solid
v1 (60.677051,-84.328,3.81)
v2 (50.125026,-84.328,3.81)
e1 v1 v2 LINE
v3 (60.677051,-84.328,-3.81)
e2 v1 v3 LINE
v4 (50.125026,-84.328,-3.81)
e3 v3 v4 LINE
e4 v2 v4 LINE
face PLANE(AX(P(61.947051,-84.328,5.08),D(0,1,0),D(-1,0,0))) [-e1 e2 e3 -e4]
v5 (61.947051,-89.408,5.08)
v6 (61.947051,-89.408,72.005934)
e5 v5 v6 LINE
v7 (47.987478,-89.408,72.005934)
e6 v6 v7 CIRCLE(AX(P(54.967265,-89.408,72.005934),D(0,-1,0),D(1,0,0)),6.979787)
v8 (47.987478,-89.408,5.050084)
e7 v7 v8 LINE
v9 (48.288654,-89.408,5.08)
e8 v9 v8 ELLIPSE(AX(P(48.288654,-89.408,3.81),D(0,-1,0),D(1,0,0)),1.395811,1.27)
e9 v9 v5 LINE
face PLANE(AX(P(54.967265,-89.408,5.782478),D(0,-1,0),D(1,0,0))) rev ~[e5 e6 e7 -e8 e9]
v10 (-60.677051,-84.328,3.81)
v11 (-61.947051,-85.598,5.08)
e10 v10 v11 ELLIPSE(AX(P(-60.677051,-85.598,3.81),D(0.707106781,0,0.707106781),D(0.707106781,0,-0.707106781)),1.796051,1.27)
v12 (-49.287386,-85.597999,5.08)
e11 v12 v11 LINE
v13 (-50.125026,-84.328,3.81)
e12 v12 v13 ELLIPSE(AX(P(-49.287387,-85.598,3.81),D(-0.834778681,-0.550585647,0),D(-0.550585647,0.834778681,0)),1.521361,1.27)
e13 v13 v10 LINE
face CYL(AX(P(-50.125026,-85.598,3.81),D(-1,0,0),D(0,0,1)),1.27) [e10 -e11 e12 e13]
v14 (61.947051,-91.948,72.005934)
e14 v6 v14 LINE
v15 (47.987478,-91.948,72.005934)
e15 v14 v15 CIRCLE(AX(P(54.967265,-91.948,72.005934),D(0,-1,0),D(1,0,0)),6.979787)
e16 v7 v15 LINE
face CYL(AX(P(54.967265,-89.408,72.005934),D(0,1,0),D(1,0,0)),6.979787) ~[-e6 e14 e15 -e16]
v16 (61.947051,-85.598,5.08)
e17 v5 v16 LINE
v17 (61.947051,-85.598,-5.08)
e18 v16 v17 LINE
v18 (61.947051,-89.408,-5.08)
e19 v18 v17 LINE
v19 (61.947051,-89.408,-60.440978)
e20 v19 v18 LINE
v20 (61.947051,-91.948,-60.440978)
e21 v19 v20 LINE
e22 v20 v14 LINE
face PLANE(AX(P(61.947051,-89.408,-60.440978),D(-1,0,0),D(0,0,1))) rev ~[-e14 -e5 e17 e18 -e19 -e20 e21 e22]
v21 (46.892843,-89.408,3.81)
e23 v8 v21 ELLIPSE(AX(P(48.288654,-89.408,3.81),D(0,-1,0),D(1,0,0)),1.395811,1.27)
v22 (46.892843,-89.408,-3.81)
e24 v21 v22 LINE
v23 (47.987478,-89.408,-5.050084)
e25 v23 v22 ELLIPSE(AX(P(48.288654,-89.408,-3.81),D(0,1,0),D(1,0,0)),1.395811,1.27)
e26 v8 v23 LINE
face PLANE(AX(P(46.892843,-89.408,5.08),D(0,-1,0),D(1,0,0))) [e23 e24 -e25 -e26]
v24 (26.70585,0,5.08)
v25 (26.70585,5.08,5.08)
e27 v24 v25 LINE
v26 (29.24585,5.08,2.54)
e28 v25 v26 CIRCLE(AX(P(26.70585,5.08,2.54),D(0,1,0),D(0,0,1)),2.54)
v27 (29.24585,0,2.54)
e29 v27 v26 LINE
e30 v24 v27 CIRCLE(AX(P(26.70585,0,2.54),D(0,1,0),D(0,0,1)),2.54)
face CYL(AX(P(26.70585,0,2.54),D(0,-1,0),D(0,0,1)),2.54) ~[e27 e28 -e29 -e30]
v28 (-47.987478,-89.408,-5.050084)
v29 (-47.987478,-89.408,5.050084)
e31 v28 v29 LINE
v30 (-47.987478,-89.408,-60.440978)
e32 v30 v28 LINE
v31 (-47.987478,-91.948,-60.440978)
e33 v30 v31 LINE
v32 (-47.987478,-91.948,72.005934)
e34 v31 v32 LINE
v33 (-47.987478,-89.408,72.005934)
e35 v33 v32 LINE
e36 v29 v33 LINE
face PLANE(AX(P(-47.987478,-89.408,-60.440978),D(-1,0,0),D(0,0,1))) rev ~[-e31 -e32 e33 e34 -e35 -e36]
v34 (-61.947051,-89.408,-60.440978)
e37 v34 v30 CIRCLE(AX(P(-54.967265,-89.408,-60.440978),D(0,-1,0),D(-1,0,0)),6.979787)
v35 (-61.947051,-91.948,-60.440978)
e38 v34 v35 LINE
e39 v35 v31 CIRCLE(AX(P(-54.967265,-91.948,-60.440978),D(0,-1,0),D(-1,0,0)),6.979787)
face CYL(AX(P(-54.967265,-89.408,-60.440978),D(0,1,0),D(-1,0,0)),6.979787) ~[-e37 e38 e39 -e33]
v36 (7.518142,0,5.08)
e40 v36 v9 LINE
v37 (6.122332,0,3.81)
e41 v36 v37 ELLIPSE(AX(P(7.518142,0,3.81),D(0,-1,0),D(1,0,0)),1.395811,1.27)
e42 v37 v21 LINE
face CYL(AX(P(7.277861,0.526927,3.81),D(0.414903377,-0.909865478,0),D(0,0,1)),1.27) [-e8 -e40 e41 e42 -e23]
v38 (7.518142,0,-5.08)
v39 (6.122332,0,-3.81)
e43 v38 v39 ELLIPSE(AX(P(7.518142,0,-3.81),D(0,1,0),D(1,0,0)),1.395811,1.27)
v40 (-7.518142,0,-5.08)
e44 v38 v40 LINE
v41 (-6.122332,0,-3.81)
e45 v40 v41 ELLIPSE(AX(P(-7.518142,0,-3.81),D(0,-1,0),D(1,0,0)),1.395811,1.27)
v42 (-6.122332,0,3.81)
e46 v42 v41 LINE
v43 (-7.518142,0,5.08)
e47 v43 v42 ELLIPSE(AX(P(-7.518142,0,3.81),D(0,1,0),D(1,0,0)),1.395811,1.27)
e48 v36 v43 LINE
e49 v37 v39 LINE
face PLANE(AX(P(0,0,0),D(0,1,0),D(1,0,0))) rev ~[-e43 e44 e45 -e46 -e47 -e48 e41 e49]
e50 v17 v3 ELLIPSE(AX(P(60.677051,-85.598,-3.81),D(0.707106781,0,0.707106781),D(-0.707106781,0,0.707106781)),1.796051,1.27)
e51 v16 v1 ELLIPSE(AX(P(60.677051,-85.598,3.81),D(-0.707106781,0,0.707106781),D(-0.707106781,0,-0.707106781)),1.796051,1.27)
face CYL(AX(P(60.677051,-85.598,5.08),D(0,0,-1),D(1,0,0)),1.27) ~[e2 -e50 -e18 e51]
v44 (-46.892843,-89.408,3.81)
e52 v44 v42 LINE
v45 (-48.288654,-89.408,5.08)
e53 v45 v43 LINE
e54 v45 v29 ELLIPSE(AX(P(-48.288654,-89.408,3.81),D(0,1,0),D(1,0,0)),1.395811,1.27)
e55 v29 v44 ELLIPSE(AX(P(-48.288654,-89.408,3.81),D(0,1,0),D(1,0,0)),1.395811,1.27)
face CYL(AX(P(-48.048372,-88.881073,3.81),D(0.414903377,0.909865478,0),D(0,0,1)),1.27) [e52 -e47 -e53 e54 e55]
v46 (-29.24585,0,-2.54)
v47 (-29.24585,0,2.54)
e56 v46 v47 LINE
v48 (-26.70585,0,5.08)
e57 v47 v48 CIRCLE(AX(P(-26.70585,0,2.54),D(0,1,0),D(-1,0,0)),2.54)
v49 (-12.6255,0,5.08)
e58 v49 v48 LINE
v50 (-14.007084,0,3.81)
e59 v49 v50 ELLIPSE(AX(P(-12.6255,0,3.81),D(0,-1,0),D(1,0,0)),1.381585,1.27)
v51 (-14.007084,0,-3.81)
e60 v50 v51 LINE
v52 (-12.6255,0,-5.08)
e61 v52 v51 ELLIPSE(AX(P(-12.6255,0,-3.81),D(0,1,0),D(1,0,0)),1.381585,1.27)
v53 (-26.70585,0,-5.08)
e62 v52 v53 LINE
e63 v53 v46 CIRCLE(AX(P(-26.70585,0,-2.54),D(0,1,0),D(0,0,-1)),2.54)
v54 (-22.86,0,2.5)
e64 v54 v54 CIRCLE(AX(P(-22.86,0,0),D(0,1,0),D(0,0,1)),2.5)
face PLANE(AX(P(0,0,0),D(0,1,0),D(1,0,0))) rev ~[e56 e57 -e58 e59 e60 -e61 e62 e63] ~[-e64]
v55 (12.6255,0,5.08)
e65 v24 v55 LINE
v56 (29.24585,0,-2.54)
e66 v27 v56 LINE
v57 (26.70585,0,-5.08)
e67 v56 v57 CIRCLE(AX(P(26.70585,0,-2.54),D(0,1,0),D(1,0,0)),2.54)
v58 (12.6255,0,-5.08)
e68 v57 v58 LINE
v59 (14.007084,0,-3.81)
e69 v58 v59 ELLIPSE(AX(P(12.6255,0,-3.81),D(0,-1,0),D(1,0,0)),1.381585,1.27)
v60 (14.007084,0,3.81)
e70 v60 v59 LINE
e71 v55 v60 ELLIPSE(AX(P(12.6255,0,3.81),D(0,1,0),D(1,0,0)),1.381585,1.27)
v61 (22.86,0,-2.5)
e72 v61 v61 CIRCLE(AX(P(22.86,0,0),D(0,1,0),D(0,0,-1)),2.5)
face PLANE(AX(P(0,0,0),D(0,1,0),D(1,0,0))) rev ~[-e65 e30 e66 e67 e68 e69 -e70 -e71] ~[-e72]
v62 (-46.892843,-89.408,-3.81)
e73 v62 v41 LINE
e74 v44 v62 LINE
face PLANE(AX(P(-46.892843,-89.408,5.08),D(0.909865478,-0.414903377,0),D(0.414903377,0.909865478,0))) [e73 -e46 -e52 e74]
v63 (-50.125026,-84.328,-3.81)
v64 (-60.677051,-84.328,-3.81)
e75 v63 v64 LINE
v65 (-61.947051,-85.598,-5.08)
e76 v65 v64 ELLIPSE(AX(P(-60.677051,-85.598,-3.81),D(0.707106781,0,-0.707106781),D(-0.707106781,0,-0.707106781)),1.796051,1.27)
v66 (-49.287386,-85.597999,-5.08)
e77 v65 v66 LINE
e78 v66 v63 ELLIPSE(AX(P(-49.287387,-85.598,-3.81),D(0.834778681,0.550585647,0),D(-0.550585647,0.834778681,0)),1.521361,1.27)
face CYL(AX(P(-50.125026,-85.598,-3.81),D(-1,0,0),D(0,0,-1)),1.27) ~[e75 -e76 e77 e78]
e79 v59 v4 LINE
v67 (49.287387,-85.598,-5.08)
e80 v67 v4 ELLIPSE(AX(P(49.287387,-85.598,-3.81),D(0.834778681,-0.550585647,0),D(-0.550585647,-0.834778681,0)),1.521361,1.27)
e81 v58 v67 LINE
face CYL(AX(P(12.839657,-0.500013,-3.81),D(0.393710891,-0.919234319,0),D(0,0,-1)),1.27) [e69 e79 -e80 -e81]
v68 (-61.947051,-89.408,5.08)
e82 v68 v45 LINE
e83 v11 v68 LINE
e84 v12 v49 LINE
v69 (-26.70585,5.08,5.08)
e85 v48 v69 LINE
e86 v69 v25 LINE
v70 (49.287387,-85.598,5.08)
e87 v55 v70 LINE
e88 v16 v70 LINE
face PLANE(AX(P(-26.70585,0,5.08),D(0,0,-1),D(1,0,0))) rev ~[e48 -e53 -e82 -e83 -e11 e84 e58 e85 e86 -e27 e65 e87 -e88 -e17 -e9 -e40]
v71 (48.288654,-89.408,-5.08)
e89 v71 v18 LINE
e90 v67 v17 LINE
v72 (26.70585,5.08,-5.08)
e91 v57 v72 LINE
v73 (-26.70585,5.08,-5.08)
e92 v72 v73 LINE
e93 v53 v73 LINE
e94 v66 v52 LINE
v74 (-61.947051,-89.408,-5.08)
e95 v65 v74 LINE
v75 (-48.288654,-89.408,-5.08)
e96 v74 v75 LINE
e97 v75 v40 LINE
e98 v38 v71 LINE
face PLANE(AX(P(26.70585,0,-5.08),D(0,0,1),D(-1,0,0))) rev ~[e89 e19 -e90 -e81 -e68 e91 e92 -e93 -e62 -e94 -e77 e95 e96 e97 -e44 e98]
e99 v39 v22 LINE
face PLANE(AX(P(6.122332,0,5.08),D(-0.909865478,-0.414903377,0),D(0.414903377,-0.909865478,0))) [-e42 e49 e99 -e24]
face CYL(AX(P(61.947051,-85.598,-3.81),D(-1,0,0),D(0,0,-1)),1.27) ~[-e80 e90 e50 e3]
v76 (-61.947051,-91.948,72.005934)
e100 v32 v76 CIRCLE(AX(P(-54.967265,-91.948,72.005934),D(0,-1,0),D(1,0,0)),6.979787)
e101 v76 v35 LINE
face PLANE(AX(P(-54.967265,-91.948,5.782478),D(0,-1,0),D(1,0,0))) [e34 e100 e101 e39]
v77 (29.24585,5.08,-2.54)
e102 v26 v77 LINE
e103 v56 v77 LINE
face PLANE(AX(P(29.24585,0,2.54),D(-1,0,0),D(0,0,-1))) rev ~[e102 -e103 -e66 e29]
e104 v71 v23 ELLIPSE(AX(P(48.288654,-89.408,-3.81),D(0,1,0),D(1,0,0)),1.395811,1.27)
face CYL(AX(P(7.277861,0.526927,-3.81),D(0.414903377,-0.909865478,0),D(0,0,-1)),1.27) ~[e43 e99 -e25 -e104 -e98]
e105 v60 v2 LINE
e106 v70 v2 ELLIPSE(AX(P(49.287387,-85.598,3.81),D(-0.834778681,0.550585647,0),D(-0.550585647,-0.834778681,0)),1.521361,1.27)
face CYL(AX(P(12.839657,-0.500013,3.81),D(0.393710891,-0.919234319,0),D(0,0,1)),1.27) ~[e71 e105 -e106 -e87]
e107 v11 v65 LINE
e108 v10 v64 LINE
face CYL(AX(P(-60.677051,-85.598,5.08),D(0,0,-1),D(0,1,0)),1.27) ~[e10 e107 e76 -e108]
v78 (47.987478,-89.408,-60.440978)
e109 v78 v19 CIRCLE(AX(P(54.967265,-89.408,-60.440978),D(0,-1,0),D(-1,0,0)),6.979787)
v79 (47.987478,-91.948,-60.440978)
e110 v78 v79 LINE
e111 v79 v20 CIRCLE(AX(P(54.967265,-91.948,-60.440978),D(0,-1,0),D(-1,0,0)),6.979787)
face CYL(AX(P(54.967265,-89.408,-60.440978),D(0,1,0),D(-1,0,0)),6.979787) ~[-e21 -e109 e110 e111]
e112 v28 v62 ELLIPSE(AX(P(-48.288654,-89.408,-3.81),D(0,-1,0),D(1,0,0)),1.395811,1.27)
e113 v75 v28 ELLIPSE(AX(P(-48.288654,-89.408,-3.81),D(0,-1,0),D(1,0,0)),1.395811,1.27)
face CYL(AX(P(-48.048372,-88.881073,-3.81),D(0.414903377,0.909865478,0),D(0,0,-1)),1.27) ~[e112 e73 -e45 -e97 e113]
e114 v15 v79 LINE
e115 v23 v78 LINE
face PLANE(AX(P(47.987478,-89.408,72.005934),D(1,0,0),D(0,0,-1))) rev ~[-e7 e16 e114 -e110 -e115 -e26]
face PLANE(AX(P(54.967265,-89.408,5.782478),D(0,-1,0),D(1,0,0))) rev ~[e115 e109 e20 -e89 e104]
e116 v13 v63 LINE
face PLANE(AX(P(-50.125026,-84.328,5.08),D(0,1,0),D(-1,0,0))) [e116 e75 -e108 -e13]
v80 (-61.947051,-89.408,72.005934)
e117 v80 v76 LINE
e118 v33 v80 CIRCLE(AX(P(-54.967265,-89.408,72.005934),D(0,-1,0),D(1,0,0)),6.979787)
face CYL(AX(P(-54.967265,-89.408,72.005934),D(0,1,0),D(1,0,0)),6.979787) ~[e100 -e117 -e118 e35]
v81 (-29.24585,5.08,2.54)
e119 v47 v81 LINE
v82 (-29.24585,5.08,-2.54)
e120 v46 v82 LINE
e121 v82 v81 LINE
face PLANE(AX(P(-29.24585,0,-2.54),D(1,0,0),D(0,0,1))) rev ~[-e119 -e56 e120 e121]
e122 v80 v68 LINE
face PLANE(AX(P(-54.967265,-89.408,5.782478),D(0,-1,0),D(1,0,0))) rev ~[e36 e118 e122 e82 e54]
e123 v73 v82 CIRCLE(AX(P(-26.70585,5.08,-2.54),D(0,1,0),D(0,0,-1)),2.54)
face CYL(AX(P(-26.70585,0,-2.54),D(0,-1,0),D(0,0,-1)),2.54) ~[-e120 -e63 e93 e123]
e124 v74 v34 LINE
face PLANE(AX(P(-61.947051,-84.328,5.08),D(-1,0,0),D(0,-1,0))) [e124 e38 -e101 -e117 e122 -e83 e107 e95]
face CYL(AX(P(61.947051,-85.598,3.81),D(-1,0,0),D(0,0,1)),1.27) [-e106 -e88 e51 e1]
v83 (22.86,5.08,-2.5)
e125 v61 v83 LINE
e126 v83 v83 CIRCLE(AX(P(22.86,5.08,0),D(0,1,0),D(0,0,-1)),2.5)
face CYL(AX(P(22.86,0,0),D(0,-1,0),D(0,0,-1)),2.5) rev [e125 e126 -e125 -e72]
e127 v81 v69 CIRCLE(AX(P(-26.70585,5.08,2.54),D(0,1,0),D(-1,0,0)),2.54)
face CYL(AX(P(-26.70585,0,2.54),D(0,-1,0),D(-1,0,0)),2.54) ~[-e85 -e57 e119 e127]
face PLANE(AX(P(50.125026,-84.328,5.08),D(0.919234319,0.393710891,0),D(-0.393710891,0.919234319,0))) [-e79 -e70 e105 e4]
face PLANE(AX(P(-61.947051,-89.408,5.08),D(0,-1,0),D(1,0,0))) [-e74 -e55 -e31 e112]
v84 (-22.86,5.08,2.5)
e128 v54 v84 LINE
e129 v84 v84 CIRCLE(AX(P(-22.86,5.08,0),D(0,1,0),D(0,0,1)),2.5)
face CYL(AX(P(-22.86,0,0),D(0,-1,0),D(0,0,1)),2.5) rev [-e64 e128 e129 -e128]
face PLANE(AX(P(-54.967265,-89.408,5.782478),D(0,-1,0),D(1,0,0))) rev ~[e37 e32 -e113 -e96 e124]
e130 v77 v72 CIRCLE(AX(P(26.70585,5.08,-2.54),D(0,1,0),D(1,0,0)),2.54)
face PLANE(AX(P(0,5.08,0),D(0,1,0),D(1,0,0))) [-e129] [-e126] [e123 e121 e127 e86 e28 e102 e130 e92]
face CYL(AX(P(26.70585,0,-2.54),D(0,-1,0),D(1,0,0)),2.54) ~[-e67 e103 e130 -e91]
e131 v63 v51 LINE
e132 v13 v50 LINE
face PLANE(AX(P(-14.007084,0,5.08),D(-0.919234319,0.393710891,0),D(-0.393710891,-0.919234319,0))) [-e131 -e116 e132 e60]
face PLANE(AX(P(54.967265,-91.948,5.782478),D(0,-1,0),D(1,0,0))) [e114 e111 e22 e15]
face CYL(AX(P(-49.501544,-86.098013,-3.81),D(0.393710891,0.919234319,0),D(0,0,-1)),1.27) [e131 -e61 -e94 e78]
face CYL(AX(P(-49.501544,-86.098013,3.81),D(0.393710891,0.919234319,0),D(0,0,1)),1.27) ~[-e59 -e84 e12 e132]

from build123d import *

# Parameters (mm, degrees)
SKETCH1_R           = 2.5
BOSS_EXTRUDE1_DEPTH = 5.08
BOSS_EXTRUDE2_DEPTH = 10.16
FILLET2_R           = 1.27
FILLET3_R           = 1.27
BOSS_EXTRUDE3_DEPTH = 2.54


with BuildPart() as part:
    # Sketch1 → Boss-Extrude1 (new body)
    with BuildSketch(Plane(origin=(0, 0, 0), x_dir=(1, 0, 0), z_dir=(0, 1, 0))):
        with BuildLine():
            Line((26.705849829, 5.08), (-26.705849829, 5.08))
            ThreePointArc((-26.705849829, 5.08), (-28.501901053, 4.336051224), (-29.245849829, 2.54))
            Line((-29.245849829, 2.54), (-29.245849829, -2.54))
            ThreePointArc((-29.245849829, -2.54), (-28.501901053, -4.336051224), (-26.705849829, -5.08))
            Line((-26.705849829, -5.08), (26.705849829, -5.08))
            ThreePointArc((26.705849829, -5.08), (28.501901053, -4.336051224), (29.245849829, -2.54))
            Line((29.245849829, -2.54), (29.245849829, 2.54))
            ThreePointArc((29.245849829, 2.54), (28.501901053, 4.336051224), (26.705849829, 5.08))
        make_face()
        with Locations(Location((-22.86, 0, 0), (0, 0, 270))):
            Circle(SKETCH1_R, mode=Mode.SUBTRACT)
        with Locations(Location((22.86, 0, 0), (0, 0, 90))):
            Circle(SKETCH1_R, mode=Mode.SUBTRACT)
    extrude(amount=BOSS_EXTRUDE1_DEPTH)

    # Sketch2 → Boss-Extrude2 (add)
    with BuildSketch(Plane.XY.offset(5.08)):
        Polygon((-14.007084232, 0), (-50.125026448, -84.328), (-61.947051412, -84.328), (-61.947051412, -89.408), (-50.8, -89.408), (-46.892843325, -89.408), (-6.12233164, 0), align=None)
        Polygon((50.8, -89.408), (61.947051412, -89.408), (61.947051412, -84.328), (50.125026448, -84.328), (14.007084232, 0), (6.12233164, 0), (46.892843325, -89.408), align=None)
    extrude(amount=-BOSS_EXTRUDE2_DEPTH)

    # Fillet2
    fillet2_edges = [part.edges().sort_by_distance(p)[0] for p in [
        (-56.03603893, -84.328, -5.08),
        (-61.947051412, -84.328, 0),
        (-56.03603893, -84.328, 5.08),
        (56.03603893, -84.328, -5.08),
        (61.947051412, -84.328, 0),
        (56.03603893, -84.328, 5.08),
    ]]
    fillet(fillet2_edges, radius=FILLET2_R)

    # Fillet3
    fillet3_edges = [part.edges().sort_by_distance(p)[0] for p in [
        (32.338027797, -42.799, 5.08),
        (26.507587483, -44.704, 5.08),
        (26.507587483, -44.704, -5.08),
        (32.338027797, -42.799, -5.08),
        (-26.507587483, -44.704, 5.08),
        (-26.507587483, -44.704, -5.08),
        (-32.338027797, -42.799, -5.08),
        (-32.338027797, -42.799, 5.08),
    ]]
    fillet(fillet3_edges, radius=FILLET3_R)

    # Sketch3 → Boss-Extrude3 (add)
    with BuildSketch(Plane.XZ.offset(89.408)):
        with BuildLine():
            Line((47.98747777, 72.005934115), (47.98747777, -60.440977769))
            ThreePointArc((47.98747777, -60.440977769), (54.967264591, -67.420764589), (61.947051412, -60.440977769))
            Line((61.947051412, -60.440977769), (61.947051412, 72.005934115))
            ThreePointArc((61.947051412, 72.005934115), (54.967264591, 78.985720936), (47.98747777, 72.005934115))
        make_face()
        with BuildLine():
            Line((-61.947051412, 72.005934115), (-61.947051412, -60.440977769))
            ThreePointArc((-61.947051412, -60.440977769), (-54.967264591, -67.420764589), (-47.98747777, -60.440977769))
            Line((-47.98747777, -60.440977769), (-47.98747777, 72.005934115))
            ThreePointArc((-47.98747777, 72.005934115), (-54.967264591, 78.985720936), (-61.947051412, 72.005934115))
        make_face()
    extrude(amount=BOSS_EXTRUDE3_DEPTH)


solid = part.part
